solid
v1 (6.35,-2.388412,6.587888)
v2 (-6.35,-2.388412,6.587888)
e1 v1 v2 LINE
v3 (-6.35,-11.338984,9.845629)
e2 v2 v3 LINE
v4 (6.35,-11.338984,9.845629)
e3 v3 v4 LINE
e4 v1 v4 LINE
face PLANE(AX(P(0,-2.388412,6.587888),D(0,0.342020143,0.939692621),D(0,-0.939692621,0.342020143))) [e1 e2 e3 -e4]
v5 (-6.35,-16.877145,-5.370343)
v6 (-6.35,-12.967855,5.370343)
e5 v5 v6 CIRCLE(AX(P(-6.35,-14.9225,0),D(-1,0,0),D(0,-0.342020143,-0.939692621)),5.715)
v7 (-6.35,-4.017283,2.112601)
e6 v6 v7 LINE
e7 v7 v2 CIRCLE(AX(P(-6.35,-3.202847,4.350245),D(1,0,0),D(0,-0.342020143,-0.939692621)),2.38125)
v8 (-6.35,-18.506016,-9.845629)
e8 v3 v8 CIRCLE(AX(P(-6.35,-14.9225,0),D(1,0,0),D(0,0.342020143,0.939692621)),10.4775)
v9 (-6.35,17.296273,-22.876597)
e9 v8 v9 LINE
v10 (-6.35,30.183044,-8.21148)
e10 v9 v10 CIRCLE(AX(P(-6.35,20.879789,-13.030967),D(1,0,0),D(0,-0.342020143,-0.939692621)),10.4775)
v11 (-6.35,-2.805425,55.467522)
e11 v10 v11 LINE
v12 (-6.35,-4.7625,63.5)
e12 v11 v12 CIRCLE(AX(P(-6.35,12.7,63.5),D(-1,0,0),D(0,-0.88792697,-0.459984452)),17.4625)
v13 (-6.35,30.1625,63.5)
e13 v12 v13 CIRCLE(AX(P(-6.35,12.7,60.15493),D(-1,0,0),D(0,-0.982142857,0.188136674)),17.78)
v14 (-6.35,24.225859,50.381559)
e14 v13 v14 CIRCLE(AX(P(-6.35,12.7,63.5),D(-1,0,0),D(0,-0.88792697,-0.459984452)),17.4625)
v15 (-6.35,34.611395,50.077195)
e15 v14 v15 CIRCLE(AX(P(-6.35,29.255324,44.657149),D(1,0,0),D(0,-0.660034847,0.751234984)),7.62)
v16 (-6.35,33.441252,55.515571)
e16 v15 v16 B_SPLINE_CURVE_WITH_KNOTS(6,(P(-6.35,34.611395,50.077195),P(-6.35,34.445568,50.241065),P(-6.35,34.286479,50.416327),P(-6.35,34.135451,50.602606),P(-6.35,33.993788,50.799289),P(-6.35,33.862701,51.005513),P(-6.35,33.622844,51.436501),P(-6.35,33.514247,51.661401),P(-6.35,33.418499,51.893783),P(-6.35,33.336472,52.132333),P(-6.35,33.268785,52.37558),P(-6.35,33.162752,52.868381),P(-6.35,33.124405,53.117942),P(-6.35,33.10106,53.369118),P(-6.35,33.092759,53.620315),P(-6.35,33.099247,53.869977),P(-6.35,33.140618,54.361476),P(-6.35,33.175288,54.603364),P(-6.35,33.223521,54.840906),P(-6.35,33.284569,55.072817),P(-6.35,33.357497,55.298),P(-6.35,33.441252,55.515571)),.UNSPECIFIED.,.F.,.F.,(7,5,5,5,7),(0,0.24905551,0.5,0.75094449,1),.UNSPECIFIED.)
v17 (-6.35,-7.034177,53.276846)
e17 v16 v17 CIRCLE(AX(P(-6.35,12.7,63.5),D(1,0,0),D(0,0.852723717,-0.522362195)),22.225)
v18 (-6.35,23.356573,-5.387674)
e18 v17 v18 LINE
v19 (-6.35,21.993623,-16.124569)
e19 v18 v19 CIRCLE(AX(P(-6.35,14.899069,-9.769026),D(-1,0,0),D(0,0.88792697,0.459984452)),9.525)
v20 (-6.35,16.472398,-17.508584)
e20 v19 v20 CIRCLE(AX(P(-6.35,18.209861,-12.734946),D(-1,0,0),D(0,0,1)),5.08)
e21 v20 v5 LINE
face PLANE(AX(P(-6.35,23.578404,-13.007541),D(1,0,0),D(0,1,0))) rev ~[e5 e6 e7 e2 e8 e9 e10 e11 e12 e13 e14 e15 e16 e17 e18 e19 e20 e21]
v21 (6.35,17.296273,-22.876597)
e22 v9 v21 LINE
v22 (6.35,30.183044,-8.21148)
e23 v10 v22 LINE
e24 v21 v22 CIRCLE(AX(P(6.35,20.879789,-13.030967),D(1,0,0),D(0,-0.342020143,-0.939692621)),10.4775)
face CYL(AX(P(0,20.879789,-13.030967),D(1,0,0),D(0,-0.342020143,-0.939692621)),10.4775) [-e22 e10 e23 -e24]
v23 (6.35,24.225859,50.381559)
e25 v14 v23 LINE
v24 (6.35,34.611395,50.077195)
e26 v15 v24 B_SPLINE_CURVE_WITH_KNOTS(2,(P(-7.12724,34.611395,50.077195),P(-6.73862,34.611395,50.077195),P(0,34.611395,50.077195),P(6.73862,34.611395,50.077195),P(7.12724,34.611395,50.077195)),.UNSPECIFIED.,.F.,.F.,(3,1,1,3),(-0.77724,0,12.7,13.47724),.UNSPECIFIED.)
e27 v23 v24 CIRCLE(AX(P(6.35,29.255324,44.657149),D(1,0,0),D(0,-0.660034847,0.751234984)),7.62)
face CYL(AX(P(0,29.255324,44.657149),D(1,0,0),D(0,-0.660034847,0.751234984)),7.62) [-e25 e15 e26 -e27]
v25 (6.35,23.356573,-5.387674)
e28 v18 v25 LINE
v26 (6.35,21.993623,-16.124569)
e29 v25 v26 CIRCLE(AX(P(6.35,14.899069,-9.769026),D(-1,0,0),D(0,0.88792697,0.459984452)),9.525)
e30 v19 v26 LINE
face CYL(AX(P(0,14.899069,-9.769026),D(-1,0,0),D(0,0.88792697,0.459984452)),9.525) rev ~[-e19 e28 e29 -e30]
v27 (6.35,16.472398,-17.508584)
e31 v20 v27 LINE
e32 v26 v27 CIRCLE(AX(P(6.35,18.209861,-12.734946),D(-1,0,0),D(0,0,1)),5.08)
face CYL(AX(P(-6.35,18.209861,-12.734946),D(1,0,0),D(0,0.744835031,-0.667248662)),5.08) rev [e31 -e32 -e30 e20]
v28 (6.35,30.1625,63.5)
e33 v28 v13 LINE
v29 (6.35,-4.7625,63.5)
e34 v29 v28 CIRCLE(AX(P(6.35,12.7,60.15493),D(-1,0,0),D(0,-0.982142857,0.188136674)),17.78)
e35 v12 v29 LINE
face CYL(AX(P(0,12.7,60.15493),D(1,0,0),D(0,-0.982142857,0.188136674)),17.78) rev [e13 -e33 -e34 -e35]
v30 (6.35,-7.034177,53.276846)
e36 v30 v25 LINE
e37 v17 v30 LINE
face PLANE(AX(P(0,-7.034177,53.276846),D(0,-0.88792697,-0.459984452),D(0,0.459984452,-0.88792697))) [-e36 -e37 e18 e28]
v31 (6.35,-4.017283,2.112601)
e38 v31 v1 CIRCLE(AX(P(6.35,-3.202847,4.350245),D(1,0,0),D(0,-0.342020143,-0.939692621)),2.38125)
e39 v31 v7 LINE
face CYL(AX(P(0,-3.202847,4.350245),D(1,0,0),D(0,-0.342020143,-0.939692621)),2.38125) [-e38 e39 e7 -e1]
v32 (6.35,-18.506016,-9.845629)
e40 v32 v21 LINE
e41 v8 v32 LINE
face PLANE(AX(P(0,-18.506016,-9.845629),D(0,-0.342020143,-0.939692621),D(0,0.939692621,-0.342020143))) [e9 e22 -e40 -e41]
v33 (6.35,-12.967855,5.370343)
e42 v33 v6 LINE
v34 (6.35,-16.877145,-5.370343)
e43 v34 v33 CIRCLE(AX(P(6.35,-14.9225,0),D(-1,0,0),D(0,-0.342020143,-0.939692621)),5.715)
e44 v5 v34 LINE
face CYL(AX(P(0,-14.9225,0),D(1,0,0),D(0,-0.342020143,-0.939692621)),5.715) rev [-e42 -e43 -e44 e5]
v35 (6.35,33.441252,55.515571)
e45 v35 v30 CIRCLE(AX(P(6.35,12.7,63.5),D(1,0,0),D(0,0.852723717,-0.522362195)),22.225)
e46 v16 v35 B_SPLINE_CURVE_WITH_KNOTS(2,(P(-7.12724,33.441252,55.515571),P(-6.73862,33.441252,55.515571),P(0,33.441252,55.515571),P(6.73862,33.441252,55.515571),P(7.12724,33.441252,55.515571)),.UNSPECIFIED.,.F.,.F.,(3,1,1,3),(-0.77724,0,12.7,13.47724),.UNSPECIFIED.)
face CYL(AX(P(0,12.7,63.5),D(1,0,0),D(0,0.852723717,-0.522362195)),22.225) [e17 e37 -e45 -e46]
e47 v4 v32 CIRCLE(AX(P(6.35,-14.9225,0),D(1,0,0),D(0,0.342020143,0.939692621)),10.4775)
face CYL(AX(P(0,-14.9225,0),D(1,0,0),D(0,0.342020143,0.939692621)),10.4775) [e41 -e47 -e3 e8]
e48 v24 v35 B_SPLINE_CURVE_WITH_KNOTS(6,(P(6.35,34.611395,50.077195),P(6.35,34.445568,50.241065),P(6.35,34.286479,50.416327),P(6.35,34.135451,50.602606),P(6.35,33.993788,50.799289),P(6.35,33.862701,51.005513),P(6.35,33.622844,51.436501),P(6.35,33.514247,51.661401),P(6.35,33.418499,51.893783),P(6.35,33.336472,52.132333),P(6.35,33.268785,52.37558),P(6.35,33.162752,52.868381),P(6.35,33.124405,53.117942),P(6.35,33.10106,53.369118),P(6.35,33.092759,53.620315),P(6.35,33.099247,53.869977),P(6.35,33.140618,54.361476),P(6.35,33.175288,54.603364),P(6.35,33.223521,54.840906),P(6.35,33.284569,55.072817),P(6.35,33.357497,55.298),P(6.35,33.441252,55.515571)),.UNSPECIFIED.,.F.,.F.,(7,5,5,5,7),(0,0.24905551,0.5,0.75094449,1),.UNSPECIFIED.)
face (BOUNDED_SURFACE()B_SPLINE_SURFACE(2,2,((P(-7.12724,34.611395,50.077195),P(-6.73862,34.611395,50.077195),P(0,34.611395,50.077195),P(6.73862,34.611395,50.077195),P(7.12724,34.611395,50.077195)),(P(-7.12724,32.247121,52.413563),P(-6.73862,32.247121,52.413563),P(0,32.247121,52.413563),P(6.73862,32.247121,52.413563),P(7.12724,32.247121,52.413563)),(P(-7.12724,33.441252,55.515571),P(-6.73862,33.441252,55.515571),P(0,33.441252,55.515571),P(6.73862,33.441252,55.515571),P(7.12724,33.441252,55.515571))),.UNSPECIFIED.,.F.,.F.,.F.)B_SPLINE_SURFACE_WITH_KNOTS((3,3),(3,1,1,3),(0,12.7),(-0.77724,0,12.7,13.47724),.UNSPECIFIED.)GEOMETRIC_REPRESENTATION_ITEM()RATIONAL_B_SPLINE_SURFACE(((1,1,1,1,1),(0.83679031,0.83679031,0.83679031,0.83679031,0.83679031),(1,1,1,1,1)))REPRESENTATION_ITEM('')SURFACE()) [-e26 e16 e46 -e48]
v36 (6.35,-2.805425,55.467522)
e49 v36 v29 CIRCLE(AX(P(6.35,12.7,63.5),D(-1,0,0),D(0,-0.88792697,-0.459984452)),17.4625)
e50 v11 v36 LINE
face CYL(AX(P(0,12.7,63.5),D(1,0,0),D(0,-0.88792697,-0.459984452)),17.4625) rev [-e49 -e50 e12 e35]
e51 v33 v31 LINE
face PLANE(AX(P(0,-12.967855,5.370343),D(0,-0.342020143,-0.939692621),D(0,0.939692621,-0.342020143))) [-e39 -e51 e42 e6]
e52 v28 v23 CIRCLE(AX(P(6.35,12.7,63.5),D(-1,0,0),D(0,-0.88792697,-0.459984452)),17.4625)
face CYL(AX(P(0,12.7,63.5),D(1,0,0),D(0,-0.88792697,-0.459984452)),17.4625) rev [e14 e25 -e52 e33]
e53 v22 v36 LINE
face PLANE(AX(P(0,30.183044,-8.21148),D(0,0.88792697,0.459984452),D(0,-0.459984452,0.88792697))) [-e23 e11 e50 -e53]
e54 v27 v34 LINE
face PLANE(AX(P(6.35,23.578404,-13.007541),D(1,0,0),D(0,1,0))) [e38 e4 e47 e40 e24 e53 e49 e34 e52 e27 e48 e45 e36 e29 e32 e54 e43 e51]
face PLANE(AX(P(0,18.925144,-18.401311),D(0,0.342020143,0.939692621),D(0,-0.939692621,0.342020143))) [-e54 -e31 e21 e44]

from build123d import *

# Parameters (mm, degrees)
F1_DEPTH = 6.35
F3_DEPTH = 6.35
F4_R     = 5.08
F5_R     = 5.08


with BuildPart() as f1:
    # F0 (on Right) → F1 (new body, symmetric)
    with BuildSketch(Plane.YZ):
        with BuildLine():
            Line((-2.3884117353, 6.5878875691), (-11.3389839483, 9.8456294343))
            ThreePointArc((-11.3389839483, 9.8456294343), (-24.7681294343, 3.5835160517), (-18.5060160517, -9.8456294343))
            Line((-18.5060160517, -9.8456294343), (17.2962728002, -22.876596895))
            ThreePointArc((17.2962728002, -22.876596895), (28.7503201953, -19.9470893959), (30.1830436792, -8.2114803647))
            Line((30.1830436792, -8.2114803647), (-2.8054247121, 55.4675215066))
            ThreePointArc((-2.8054247121, 55.4675215066), (15.9289301948, 80.6613786173), (24.2258585116, 50.3815590934))
            ThreePointArc((24.2258585116, 50.3815590934), (30.7726917058, 37.1897530277), (31.6517846048, 51.8905002135))
            ThreePointArc((31.6517846048, 51.8905002135), (13.495941442, 85.7107429462), (-7.0341769063, 53.2768455539))
            Line((-7.0341769063, 53.2768455539), (25.954291485, -10.4021563174))
            ThreePointArc((25.954291485, -10.4021563174), (25.1728059483, -16.8033976072), (18.9251437328, -18.4013107885))
            Line((18.9251437328, -18.4013107885), (-16.8771451191, -5.3703433278))
            ThreePointArc((-16.8771451191, -5.3703433278), (-20.2928433278, 1.9546451191), (-12.9678548809, 5.3703433278))
            Line((-12.9678548809, 5.3703433278), (-4.0172826679, 2.1126014626))
            ThreePointArc((-4.0172826679, 2.1126014626), (-0.9652041484, 3.5358090496), (-2.3884117353, 6.5878875691))
        make_face()
    extrude(amount=F1_DEPTH, both=True)

    # F2 (on Right) → F3 (join, symmetric)
    with BuildSketch(Plane.YZ):
        with BuildLine():
            Line((25.954291485, -10.4021563174), (23.3565733209, -5.3876737451))
            ThreePointArc((23.3565733209, -5.3876737451), (23.915643926, -12.8393677138), (18.9251437328, -18.4013107885))
            ThreePointArc((18.9251437328, -18.4013107885), (25.1728059483, -16.8033976072), (25.954291485, -10.4021563174))
        make_face()
        with BuildLine():
            ThreePointArc((30.1625, 63.5), (12.7, 80.9625), (-4.7625, 63.5))
            ThreePointArc((-4.7625, 63.5), (12.7, 77.9349299335), (30.1625, 63.5))
        make_face()
    extrude(amount=F3_DEPTH, both=True)

    # F4
    f4_edges = [f1.edges().sort_by_distance(p)[0] for p in [
        (0, 31.651785, 51.8905),
    ]]
    fillet(f4_edges, radius=F4_R)

    # F5
    f5_edges = [f1.edges().sort_by_distance(p)[0] for p in [
        (0, 18.925144, -18.401311),
    ]]
    fillet(f5_edges, radius=F5_R)


solid = f1.part
